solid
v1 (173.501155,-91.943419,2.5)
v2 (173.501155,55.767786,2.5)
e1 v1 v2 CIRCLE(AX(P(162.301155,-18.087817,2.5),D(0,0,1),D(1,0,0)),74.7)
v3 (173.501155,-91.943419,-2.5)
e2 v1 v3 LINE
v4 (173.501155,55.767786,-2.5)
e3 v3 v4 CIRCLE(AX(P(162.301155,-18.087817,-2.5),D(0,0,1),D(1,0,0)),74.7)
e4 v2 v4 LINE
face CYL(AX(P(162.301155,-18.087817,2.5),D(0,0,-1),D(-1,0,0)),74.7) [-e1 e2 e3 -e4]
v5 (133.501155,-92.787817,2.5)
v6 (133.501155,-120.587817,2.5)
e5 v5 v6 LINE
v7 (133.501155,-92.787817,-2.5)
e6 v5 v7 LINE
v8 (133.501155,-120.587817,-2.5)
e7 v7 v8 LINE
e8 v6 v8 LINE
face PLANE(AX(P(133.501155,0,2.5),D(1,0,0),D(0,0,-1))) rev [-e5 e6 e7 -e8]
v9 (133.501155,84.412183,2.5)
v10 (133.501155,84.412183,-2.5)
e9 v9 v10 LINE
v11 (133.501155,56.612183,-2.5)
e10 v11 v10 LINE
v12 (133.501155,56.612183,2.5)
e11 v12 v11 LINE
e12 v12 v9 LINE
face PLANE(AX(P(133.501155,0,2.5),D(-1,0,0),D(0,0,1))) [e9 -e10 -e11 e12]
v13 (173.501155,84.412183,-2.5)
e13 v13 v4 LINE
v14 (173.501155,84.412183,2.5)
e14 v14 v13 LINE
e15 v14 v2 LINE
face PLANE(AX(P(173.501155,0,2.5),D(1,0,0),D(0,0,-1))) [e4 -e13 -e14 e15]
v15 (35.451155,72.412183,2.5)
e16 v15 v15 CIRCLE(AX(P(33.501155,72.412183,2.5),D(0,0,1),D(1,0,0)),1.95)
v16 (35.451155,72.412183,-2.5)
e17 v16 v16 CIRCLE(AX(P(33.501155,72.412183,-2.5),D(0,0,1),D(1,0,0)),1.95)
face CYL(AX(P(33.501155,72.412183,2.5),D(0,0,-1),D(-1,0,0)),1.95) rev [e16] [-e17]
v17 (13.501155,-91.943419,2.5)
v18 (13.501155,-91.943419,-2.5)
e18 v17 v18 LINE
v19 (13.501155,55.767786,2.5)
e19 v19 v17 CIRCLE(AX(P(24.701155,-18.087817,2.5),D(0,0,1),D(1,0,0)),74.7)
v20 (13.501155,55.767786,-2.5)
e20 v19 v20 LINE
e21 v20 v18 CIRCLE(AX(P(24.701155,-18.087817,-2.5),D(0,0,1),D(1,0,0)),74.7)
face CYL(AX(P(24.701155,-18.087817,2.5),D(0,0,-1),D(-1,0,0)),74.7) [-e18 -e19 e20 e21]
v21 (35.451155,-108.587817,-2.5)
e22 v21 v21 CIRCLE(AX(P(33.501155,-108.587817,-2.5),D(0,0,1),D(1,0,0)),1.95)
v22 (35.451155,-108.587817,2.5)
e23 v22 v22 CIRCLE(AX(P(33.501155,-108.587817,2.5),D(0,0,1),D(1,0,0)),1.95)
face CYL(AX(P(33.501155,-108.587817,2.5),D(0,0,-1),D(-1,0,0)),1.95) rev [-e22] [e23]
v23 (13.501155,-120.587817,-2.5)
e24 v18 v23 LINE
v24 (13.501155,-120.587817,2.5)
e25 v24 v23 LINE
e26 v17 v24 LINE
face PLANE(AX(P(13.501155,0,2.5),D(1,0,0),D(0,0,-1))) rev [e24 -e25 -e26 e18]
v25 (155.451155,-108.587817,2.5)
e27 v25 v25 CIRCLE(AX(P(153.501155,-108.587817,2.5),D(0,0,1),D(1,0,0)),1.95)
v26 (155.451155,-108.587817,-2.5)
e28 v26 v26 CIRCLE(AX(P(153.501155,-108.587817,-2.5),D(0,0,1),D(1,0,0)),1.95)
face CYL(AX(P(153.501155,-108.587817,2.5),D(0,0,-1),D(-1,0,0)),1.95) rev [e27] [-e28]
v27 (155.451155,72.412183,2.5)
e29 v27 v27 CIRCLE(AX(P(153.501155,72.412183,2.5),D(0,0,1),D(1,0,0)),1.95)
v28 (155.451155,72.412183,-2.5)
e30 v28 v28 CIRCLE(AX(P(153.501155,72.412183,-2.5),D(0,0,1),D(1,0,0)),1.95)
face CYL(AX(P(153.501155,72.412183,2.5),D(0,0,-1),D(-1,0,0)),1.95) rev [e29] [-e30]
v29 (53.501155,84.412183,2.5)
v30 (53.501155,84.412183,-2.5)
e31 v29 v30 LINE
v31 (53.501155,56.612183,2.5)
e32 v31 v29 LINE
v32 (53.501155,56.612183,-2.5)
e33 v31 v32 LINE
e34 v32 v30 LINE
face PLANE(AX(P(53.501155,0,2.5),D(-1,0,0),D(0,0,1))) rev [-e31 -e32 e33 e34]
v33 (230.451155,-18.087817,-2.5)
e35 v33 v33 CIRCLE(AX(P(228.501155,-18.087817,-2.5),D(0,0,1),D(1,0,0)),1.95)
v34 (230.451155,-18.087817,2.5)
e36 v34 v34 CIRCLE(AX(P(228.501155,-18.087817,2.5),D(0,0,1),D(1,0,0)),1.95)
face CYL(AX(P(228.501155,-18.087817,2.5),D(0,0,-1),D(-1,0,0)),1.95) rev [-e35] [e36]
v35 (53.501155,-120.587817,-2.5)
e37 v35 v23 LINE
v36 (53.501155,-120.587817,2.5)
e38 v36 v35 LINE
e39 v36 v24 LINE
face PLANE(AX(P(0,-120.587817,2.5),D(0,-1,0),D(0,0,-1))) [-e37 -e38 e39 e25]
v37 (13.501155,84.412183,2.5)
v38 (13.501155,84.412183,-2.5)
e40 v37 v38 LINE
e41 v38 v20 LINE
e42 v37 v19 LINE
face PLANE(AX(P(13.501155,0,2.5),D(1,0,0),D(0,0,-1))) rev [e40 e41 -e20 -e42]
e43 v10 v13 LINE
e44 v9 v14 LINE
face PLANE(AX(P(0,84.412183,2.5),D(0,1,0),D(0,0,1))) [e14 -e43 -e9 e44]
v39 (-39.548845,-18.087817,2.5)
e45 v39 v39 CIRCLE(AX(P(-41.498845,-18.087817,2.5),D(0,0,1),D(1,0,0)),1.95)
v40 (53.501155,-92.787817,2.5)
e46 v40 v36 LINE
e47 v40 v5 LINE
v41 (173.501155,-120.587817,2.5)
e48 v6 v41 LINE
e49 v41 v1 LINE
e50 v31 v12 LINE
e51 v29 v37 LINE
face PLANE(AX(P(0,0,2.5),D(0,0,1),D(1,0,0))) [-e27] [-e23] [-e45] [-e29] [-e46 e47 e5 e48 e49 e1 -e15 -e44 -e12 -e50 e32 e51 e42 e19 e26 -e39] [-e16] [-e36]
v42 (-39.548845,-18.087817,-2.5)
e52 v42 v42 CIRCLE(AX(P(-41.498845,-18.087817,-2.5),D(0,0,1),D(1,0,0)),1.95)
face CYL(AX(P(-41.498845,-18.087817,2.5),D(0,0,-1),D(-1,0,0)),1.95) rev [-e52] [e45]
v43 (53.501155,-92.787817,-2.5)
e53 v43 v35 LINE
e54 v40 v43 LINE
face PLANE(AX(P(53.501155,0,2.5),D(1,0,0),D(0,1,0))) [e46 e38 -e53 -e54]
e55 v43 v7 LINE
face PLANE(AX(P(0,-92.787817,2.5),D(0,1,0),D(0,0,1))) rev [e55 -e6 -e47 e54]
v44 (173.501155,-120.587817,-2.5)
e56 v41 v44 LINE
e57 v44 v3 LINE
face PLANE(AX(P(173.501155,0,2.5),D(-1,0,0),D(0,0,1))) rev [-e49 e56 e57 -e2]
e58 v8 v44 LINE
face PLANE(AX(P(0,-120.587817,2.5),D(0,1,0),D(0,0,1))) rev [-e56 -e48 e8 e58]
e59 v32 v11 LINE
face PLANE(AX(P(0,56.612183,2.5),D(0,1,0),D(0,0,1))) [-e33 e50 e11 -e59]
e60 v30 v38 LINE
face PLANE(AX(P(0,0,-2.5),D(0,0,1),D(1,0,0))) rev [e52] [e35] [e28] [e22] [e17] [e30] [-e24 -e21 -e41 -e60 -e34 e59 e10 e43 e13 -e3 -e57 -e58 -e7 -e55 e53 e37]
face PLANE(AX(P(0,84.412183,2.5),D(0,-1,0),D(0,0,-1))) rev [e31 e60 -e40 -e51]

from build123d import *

# Parameters (mm, degrees)
SKETCH1_R           = 1.95
BOSS_EXTRUDE1_DEPTH = 2.5


with BuildPart() as part:
    # Sketch1 → Boss-Extrude1 (new body, symmetric)
    with BuildSketch(Plane.XY):
        with BuildLine():
            Line((133.501154847, 56.612183332), (53.501154847, 56.612183332))
            Line((53.501154847, 56.612183332), (53.501154847, 84.412183332))
            Line((53.501154847, 84.412183332), (13.501154847, 84.412183332))
            Line((13.501154847, 84.412183332), (13.501154847, 55.767785692))
            ThreePointArc((13.501154847, 55.767785692), (-49.998845153, -18.087816668), (13.501154847, -91.943419028))
            Line((13.501154847, -91.943419028), (13.501154847, -120.587816668))
            Line((13.501154847, -120.587816668), (53.501154847, -120.587816668))
            Line((53.501154847, -120.587816668), (53.501154847, -92.787816668))
            Line((53.501154847, -92.787816668), (133.501154847, -92.787816668))
            Line((133.501154847, -92.787816668), (133.501154847, -120.587816668))
            Line((133.501154847, -120.587816668), (173.501154847, -120.587816668))
            Line((173.501154847, -120.587816668), (173.501154847, -91.943419028))
            ThreePointArc((173.501154847, -91.943419028), (237.001154847, -18.087816668), (173.501154847, 55.767785692))
            Line((173.501154847, 55.767785692), (173.501154847, 84.412183332))
            Line((173.501154847, 84.412183332), (133.501154847, 84.412183332))
            Line((133.501154847, 84.412183332), (133.501154847, 56.612183332))
        make_face()
        with Locations((-41.498845153, -18.087816668)):
            Circle(SKETCH1_R, mode=Mode.SUBTRACT)
        with Locations((228.501154847, -18.087816668)):
            Circle(SKETCH1_R, mode=Mode.SUBTRACT)
        with Locations((33.501154847, 72.412183332)):
            Circle(SKETCH1_R, mode=Mode.SUBTRACT)
        with Locations((153.501154847, 72.412183332)):
            Circle(SKETCH1_R, mode=Mode.SUBTRACT)
        with Locations((33.501154847, -108.587816668)):
            Circle(SKETCH1_R, mode=Mode.SUBTRACT)
        with Locations((153.501154847, -108.587816668)):
            Circle(SKETCH1_R, mode=Mode.SUBTRACT)
    extrude(amount=BOSS_EXTRUDE1_DEPTH, both=True)


solid = part.part
